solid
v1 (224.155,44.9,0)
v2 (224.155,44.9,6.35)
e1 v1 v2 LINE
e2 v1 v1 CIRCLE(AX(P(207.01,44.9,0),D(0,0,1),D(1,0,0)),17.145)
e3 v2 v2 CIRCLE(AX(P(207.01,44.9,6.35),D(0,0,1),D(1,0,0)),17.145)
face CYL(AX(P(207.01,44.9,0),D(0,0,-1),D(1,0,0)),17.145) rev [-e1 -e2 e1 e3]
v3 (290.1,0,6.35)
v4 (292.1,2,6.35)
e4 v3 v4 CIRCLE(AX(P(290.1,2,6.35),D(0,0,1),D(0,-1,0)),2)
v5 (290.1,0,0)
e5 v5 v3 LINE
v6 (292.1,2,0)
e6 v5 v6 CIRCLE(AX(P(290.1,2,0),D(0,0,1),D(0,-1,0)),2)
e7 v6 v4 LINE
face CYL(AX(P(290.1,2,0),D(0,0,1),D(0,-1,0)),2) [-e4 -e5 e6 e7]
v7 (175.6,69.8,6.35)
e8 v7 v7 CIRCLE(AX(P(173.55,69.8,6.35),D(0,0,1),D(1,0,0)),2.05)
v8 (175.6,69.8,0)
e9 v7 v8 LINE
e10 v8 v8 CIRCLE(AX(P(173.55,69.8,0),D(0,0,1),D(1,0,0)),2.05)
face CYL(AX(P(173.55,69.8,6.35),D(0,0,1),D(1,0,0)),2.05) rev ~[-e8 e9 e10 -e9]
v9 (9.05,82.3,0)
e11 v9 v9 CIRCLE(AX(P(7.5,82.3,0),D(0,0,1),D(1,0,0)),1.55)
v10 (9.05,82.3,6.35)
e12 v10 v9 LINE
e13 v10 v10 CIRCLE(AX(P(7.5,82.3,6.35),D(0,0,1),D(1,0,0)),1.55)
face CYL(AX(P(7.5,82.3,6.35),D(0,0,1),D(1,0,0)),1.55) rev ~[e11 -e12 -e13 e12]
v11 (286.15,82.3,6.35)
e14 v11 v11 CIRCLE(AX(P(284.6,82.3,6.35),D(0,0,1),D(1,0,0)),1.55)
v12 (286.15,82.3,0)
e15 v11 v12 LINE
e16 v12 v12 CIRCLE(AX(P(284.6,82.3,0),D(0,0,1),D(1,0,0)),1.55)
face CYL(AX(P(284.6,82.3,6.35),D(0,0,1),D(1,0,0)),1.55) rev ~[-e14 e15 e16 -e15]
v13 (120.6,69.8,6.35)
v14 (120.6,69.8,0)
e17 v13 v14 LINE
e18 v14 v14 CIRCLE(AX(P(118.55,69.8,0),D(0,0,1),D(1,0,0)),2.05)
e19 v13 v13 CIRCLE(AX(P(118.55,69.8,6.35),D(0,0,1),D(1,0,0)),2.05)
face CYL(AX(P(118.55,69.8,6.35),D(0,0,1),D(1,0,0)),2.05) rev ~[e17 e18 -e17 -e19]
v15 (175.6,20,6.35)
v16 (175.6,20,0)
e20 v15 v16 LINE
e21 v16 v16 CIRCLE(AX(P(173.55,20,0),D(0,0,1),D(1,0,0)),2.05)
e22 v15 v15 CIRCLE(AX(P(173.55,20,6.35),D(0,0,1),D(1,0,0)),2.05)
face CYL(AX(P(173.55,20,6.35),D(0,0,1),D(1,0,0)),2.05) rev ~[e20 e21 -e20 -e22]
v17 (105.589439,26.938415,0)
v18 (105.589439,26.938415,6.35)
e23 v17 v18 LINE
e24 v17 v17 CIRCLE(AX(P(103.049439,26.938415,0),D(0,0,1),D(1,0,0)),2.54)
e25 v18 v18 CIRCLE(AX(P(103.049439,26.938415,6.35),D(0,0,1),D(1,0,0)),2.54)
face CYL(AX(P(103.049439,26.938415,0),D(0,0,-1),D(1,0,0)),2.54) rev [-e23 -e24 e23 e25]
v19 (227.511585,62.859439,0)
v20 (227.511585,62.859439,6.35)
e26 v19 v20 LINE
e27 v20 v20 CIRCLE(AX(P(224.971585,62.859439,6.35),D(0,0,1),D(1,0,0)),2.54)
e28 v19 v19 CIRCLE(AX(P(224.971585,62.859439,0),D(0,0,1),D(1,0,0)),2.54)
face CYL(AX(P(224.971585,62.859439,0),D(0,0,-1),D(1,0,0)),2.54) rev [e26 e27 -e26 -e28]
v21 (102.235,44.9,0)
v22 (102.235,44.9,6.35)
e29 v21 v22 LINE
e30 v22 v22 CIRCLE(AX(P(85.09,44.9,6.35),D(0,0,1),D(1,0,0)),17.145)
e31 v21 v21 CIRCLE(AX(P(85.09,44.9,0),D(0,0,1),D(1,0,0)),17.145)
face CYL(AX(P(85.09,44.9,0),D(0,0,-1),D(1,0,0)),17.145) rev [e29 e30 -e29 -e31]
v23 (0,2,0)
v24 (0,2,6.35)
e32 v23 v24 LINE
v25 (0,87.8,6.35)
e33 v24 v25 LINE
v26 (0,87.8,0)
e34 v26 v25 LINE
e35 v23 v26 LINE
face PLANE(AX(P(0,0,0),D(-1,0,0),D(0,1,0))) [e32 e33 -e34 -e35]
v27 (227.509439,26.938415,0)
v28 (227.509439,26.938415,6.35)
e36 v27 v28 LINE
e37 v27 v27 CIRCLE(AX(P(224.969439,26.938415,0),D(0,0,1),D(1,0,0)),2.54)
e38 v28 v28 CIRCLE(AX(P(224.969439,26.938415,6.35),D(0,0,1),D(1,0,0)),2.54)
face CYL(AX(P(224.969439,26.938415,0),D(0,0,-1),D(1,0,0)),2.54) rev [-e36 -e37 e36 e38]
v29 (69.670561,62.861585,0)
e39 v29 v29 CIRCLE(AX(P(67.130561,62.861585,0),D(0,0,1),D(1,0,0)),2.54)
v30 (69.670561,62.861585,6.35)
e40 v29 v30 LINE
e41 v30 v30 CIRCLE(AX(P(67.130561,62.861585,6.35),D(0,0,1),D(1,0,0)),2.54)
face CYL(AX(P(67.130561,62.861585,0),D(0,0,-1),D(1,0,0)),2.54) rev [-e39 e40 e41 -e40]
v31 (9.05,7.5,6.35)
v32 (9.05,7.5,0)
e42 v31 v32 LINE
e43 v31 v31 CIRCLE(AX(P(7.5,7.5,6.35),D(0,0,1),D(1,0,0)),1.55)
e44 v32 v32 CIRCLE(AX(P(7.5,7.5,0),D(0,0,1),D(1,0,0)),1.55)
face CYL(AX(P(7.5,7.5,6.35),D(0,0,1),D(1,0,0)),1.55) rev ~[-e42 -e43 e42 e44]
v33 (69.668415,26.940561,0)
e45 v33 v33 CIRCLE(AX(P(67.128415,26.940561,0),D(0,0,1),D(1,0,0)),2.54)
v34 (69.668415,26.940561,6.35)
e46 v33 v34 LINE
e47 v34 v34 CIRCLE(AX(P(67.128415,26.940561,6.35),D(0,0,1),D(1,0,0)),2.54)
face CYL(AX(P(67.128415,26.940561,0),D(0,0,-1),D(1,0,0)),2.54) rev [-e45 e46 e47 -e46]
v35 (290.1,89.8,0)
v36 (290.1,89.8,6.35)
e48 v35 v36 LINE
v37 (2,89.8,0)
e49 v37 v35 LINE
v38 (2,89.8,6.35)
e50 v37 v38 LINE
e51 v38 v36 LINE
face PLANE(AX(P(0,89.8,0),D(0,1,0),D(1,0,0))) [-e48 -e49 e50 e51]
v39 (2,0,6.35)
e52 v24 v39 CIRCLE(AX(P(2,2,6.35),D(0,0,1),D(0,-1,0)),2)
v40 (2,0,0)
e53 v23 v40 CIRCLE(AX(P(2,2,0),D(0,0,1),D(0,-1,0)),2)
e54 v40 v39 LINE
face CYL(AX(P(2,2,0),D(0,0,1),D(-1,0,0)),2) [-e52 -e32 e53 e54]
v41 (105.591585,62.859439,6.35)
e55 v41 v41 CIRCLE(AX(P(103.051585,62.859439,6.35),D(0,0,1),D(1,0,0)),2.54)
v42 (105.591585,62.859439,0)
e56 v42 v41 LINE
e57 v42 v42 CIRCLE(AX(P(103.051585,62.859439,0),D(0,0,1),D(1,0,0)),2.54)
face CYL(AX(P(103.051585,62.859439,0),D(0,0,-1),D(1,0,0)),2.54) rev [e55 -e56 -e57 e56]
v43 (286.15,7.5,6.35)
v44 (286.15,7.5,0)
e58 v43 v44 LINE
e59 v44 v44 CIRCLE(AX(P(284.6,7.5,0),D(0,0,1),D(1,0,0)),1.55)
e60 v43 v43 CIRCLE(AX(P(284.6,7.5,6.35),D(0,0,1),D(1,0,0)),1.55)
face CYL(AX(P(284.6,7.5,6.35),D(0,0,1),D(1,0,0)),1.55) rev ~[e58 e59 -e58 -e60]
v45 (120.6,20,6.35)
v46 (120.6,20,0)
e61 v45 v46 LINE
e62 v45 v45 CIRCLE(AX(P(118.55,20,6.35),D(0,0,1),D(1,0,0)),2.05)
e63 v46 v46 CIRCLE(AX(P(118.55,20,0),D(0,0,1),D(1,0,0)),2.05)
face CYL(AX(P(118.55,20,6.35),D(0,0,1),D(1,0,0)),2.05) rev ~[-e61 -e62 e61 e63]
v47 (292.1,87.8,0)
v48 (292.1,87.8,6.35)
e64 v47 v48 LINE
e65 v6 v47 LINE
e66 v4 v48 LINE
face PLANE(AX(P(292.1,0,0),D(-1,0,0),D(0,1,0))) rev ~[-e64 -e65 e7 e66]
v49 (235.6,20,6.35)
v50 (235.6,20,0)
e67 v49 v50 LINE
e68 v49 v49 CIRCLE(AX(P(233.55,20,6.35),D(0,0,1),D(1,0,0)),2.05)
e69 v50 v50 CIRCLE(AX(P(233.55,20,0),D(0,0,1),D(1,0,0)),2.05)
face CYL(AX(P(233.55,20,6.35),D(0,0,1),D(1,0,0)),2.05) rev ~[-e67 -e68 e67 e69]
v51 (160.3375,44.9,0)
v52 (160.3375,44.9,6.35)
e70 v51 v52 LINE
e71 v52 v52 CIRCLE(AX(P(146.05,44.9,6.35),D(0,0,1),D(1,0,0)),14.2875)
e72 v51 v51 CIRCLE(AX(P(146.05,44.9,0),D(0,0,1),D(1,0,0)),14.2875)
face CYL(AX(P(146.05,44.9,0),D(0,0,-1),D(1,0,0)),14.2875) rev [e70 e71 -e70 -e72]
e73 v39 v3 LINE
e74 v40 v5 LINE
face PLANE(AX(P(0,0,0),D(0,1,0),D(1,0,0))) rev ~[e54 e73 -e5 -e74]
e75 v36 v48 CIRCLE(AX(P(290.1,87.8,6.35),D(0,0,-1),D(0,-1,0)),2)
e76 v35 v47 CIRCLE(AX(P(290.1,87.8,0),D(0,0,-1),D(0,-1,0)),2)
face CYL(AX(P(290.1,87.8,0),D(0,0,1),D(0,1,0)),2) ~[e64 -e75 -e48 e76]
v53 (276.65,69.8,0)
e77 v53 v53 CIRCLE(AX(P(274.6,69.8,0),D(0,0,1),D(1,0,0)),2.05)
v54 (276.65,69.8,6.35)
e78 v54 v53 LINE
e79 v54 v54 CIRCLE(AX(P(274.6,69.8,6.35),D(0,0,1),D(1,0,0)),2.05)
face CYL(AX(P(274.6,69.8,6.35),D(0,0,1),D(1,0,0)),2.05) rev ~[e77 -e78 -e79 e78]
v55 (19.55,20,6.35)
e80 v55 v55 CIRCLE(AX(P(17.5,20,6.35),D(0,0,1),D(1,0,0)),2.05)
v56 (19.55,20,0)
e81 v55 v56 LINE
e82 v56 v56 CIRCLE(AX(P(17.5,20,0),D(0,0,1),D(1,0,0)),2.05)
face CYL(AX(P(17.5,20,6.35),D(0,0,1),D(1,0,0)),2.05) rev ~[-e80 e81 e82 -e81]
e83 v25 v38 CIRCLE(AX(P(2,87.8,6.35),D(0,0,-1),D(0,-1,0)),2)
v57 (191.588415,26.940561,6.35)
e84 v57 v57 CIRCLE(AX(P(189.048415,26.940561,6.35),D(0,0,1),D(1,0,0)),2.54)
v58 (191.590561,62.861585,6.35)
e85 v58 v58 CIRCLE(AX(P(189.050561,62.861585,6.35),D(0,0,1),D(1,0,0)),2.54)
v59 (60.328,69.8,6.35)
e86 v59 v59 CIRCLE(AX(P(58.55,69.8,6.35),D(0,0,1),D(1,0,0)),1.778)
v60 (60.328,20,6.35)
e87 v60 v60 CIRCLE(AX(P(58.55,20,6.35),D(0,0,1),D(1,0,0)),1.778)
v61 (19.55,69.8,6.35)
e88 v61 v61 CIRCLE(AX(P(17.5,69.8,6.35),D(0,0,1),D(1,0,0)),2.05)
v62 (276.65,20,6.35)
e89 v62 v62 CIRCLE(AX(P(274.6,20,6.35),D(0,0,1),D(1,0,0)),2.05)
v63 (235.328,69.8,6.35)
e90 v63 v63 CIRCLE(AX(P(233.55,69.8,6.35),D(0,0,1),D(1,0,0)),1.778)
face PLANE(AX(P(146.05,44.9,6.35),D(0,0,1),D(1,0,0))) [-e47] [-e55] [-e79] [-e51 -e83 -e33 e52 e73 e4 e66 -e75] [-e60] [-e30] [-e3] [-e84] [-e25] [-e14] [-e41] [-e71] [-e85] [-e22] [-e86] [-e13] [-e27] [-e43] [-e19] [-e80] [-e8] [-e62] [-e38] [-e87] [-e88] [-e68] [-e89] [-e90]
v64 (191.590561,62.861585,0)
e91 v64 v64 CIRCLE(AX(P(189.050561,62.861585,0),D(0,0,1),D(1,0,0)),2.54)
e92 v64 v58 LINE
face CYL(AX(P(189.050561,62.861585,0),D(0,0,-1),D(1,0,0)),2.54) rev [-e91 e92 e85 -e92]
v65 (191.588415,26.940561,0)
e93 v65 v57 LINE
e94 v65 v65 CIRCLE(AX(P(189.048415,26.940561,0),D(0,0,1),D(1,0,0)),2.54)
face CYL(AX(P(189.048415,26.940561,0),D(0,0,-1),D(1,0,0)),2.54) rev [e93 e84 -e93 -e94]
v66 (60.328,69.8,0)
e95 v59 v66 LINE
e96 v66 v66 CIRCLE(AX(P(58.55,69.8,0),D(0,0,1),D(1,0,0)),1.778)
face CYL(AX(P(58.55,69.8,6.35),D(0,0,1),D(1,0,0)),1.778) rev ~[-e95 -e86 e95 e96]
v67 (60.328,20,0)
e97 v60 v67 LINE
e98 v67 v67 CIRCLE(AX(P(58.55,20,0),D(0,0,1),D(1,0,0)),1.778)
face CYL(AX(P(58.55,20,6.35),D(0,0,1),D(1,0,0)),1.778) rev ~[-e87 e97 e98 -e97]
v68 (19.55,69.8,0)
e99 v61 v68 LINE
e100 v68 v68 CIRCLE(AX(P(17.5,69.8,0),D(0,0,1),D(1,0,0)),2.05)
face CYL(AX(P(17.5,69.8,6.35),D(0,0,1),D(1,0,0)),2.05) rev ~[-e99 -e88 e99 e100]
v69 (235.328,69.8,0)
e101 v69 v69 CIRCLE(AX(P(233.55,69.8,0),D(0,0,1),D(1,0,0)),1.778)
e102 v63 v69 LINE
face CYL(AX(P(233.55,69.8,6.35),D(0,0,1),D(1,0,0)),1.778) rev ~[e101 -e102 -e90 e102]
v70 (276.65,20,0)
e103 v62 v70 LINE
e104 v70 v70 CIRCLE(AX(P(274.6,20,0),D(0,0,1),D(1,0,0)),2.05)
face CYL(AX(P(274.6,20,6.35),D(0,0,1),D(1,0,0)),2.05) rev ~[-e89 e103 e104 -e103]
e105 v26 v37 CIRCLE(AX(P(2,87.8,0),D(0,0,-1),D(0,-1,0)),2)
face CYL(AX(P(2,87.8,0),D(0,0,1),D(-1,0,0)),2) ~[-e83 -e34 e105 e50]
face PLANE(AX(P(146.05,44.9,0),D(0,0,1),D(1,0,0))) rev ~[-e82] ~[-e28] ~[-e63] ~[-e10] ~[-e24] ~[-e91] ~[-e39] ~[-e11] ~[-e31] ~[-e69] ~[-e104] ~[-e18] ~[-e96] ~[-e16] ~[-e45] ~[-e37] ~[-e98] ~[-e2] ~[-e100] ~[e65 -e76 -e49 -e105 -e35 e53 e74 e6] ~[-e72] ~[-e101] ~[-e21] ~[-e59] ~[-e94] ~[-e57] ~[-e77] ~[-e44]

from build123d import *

# Parameters (mm, degrees)
SKETCH1_W           = 292.1
SKETCH1_H           = 89.8
SKETCH1_R           = 14.2875
SKETCH1_R_2         = 2.54
SKETCH1_R_3         = 17.145
BOSS_EXTRUDE1_DEPTH = 6.35
SKETCH2_R           = 2.05
CUT_EXTRUDE1_DEPTH  = 10
SKETCH3_R           = 1.55
SKETCH3_R_2         = 2.05
CUT_EXTRUDE2_DEPTH  = 10
FILLET1_R           = 2
SKETCH4_R           = 2.05
SKETCH4_R_2         = 1.778
CUT_EXTRUDE4_DEPTH  = 7.35


with BuildPart() as part:
    # Sketch1 → Boss-Extrude1 (new body)
    with BuildSketch(Plane.XY):
        with Locations((146.05, 44.9)):
            Rectangle(SKETCH1_W, SKETCH1_H)
        with Locations((146.05, 44.9)):
            Circle(SKETCH1_R, mode=Mode.SUBTRACT)
        with Locations((103.051585406, 62.859439014)):
            Circle(SKETCH1_R_2, mode=Mode.SUBTRACT)
        with Locations((103.049439014, 26.938414594)):
            Circle(SKETCH1_R_2, mode=Mode.SUBTRACT)
        with Locations((67.128414594, 26.940560986)):
            Circle(SKETCH1_R_2, mode=Mode.SUBTRACT)
        with Locations((67.130560986, 62.861585406)):
            Circle(SKETCH1_R_2, mode=Mode.SUBTRACT)
        with Locations((85.09, 44.9)):
            Circle(SKETCH1_R_3, mode=Mode.SUBTRACT)
        with Locations((189.050560986, 62.861585406)):
            Circle(SKETCH1_R_2, mode=Mode.SUBTRACT)
        with Locations((224.971585406, 62.859439014)):
            Circle(SKETCH1_R_2, mode=Mode.SUBTRACT)
        with Locations((224.969439014, 26.938414594)):
            Circle(SKETCH1_R_2, mode=Mode.SUBTRACT)
        with Locations((189.048414594, 26.940560986)):
            Circle(SKETCH1_R_2, mode=Mode.SUBTRACT)
        with Locations((207.01, 44.9)):
            Circle(SKETCH1_R_3, mode=Mode.SUBTRACT)
    extrude(amount=BOSS_EXTRUDE1_DEPTH)

    # Sketch2 → Cut-Extrude1 (cut)
    with BuildSketch(Plane.XY.offset(6.35)):
        with Locations((118.55, 20)):
            Circle(SKETCH2_R)
        with Locations((118.55, 69.8)):
            Circle(SKETCH2_R)
        with Locations((173.55, 20)):
            Circle(SKETCH2_R)
        with Locations((173.55, 69.8)):
            Circle(SKETCH2_R)
    extrude(amount=-CUT_EXTRUDE1_DEPTH, mode=Mode.SUBTRACT)

    # Sketch3 → Cut-Extrude2 (cut)
    with BuildSketch(Plane.XY.offset(6.35)):
        with Locations((284.6, 7.5)):
            Circle(SKETCH3_R)
        with Locations((7.5, 7.5)):
            Circle(SKETCH3_R)
        with Locations((7.5, 82.3)):
            Circle(SKETCH3_R)
        with Locations((284.6, 82.3)):
            Circle(SKETCH3_R)
        with Locations((274.6, 20)):
            Circle(SKETCH3_R_2)
        with Locations((17.5, 20)):
            Circle(SKETCH3_R_2)
        with Locations((17.5, 69.8)):
            Circle(SKETCH3_R_2)
        with Locations((274.6, 69.8)):
            Circle(SKETCH3_R_2)
    extrude(amount=-CUT_EXTRUDE2_DEPTH, mode=Mode.SUBTRACT)

    # Fillet1
    fillet1_edges = [part.edges().sort_by_distance(p)[0] for p in [
        (0, 89.8, 3.175),
        (292.1, 89.8, 3.175),
        (292.1, 0, 3.175),
        (0, 0, 3.175),
    ]]
    fillet(fillet1_edges, radius=FILLET1_R)

    # Sketch4 → Cut-Extrude4 (cut, through all)
    with BuildSketch(Plane.XY.offset(6.35)):
        with Locations((233.55, 20)):
            Circle(SKETCH4_R)
        with Locations((233.55, 69.8)):
            Circle(SKETCH4_R_2)
        with Locations((58.55, 69.8)):
            Circle(SKETCH4_R_2)
        with Locations((58.55, 20)):
            Circle(SKETCH4_R_2)
    extrude(amount=-CUT_EXTRUDE4_DEPTH, mode=Mode.SUBTRACT)


solid = part.part
